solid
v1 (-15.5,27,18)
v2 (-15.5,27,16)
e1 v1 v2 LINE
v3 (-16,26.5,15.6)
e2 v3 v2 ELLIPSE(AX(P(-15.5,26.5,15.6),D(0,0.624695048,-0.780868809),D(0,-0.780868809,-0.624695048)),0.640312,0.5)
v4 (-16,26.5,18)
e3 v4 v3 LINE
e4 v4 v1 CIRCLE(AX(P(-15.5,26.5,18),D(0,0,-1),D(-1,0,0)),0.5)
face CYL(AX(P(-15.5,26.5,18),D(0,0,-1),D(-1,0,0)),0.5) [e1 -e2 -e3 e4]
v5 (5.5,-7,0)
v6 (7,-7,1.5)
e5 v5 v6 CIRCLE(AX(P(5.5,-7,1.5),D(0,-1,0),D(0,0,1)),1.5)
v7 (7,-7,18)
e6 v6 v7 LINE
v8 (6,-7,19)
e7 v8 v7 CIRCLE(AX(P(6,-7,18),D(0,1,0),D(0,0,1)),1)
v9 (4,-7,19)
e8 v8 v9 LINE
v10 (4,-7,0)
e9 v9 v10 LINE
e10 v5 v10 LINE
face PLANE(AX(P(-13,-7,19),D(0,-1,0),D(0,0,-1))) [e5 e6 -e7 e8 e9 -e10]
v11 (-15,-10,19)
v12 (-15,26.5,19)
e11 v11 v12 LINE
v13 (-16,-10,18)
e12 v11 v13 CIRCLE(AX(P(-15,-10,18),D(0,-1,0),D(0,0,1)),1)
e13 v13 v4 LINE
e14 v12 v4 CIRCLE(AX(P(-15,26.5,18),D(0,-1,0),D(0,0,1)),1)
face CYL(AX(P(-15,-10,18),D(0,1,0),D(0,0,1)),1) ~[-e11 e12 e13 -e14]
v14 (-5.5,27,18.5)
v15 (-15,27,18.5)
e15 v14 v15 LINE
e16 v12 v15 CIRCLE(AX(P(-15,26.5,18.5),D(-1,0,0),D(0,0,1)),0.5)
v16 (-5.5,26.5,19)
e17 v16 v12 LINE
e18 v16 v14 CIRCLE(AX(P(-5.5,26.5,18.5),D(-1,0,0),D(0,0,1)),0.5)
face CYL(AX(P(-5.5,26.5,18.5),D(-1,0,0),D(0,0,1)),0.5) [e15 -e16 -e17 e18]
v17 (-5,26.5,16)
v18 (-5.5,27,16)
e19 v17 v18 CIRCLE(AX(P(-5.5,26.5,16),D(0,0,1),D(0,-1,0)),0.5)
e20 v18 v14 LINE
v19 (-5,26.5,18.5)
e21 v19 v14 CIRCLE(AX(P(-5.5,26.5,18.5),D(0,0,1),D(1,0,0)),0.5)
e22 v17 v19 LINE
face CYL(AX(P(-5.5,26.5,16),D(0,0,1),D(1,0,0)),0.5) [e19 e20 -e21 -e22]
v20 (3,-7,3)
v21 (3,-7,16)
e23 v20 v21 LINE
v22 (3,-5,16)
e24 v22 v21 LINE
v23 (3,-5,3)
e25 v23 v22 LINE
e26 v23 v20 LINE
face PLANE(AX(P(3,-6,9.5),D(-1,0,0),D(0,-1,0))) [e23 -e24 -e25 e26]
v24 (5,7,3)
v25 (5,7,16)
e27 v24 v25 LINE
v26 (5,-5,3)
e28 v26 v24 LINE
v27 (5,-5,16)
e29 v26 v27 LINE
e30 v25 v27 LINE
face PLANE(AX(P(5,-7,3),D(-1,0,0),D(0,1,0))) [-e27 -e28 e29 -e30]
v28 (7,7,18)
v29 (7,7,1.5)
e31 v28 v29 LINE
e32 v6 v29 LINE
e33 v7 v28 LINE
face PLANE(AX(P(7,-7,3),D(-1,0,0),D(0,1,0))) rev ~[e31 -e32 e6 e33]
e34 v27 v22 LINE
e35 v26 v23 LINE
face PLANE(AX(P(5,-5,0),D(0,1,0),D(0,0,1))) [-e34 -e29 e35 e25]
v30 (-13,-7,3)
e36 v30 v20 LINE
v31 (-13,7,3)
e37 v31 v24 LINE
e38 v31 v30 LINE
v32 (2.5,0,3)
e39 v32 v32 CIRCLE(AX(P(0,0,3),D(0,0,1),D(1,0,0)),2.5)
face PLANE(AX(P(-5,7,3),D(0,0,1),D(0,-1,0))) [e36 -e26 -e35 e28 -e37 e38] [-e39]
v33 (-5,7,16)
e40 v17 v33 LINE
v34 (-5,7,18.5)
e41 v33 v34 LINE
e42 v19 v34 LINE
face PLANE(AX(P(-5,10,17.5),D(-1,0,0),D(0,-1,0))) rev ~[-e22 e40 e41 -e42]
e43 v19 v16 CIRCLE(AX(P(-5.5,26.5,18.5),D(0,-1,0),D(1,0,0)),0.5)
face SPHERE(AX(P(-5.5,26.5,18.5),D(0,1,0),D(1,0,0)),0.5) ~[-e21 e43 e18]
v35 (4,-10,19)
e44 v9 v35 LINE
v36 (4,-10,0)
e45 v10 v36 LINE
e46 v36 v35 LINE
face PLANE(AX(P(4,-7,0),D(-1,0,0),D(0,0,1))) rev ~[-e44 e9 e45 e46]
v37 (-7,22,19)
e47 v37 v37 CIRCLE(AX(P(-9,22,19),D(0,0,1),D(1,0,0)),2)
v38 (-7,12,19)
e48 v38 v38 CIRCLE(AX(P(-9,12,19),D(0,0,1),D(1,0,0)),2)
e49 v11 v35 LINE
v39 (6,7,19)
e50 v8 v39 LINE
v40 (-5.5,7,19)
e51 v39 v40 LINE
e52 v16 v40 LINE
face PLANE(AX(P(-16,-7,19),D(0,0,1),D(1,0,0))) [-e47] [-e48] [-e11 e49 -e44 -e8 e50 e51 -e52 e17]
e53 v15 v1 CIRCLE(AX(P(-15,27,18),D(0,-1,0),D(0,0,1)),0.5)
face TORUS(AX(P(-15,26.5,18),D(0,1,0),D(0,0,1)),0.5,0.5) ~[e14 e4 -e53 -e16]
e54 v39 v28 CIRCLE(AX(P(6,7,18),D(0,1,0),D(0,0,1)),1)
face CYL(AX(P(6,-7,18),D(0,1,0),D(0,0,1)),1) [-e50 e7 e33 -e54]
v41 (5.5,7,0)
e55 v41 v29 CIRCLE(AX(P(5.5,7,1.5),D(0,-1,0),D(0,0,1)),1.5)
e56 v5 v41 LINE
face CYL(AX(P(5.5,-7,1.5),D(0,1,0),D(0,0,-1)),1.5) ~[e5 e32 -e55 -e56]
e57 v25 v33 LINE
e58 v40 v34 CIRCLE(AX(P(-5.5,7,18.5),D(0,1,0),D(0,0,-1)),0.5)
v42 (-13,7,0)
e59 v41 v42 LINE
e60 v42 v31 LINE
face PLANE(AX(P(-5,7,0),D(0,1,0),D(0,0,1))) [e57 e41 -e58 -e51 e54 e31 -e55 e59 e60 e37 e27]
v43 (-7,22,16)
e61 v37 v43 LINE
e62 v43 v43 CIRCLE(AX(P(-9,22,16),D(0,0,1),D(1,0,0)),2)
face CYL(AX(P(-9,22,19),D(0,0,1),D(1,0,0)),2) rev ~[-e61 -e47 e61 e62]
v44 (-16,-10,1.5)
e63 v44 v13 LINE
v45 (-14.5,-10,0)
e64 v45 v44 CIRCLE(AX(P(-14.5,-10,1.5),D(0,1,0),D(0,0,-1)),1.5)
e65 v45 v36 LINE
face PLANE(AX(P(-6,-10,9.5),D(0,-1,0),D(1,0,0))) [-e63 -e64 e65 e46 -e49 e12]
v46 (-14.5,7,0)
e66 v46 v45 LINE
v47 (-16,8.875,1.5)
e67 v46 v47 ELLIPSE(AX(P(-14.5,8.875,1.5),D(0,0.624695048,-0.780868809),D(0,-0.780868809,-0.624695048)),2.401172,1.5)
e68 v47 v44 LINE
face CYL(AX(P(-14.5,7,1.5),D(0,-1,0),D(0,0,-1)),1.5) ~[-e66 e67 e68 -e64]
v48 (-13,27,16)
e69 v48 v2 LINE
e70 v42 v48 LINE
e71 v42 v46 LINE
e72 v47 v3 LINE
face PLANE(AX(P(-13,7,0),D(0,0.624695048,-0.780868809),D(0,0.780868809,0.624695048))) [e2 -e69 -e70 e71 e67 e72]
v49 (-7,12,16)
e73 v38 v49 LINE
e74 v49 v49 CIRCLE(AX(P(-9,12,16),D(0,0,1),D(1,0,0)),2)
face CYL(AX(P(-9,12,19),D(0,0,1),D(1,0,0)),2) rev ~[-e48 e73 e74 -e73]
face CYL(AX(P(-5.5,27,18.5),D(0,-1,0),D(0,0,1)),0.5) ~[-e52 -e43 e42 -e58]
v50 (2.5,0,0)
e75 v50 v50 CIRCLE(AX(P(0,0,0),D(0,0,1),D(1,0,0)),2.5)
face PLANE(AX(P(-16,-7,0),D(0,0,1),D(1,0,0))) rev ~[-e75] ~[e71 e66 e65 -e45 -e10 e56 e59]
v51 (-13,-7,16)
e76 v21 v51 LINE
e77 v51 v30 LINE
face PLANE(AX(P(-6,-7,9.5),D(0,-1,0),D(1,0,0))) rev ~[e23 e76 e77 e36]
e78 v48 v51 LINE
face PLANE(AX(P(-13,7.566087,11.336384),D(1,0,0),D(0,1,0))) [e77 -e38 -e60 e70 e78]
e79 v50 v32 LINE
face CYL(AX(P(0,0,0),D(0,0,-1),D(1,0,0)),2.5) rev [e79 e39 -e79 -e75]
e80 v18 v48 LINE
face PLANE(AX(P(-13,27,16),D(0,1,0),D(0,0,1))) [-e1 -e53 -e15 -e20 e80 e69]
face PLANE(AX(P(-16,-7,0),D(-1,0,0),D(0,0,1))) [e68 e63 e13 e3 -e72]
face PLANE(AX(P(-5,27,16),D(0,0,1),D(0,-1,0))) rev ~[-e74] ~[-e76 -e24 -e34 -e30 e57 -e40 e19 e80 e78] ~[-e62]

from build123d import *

# Parameters (mm, degrees)
SKETCH_W     = 12
SKETCH_H     = 14
SKETCH_R     = 2.5
PAD_DEPTH    = 3
SKETCH001_W  = 2
SKETCH001_H  = 14
PAD001_DEPTH = 16
SKETCH002_W  = 14
SKETCH002_H  = 3
PAD008_DEPTH = 10
SKETCH004_W  = 14
SKETCH004_H  = 3
PAD004_DEPTH = 8
SKETCH003_W  = 34
SKETCH003_H  = 3
PAD009_DEPTH = 8
SKETCH006_R  = 2
POCKET_DEPTH = 19.001
PAD005_DEPTH = 3
SKETCH008_W  = 20
SKETCH008_H  = 19
PAD006_DEPTH = 3
SKETCH009_W  = 2
SKETCH009_H  = 19
PAD007_DEPTH = 2
FILLET_R     = 1.5
FILLET001_R  = 1.5
FILLET002_R  = 1
FILLET003_R  = 1
FILLET004_R  = 0.5
FILLET005_R  = 0.5


with BuildPart() as part:
    # Sketch → Pad (new body)
    with BuildSketch(Plane.XY):
        with Locations((1, 0)):
            Rectangle(SKETCH_W, SKETCH_H)
        Circle(SKETCH_R, mode=Mode.SUBTRACT)
    extrude(amount=PAD_DEPTH)

    # Sketch001 (on Face7 of Pad) → Pad001 (join)
    with BuildSketch(Plane.XY.offset(3)):
        with Locations((6, 0)):
            Rectangle(SKETCH001_W, SKETCH001_H)
    extrude(amount=PAD001_DEPTH)

    # Sketch002 (on Face10 of Pad001) → Pad008 (join)
    with BuildSketch(Plane(origin=(5, 0, 0), x_dir=(0, -1, 0), z_dir=(-1, 0, 0))):
        with Locations((0, 17.5)):
            Rectangle(SKETCH002_W, SKETCH002_H)
    extrude(amount=PAD008_DEPTH)

    # Sketch004 → Pad004 (join)
    with BuildSketch(Plane(origin=(-5, 0, 0), x_dir=(0, -1, 0), z_dir=(-1, 0, 0))):
        with Locations((0, 1.5)):
            Rectangle(SKETCH004_W, SKETCH004_H)
    extrude(amount=PAD004_DEPTH)

    # Sketch003 → Pad009 (join)
    with BuildSketch(Plane(origin=(-5, 0, 0), x_dir=(0, -1, 0), z_dir=(-1, 0, 0))):
        with Locations((-10, 17.5)):
            Rectangle(SKETCH003_W, SKETCH003_H)
    extrude(amount=PAD009_DEPTH)

    # Sketch006 → Pocket (cut, through all)
    with BuildSketch(Plane.XY.offset(19)):
        with Locations((-9, 22)):
            Circle(SKETCH006_R)
        with Locations((-9, 12)):
            Circle(SKETCH006_R)
    extrude(amount=-POCKET_DEPTH, mode=Mode.SUBTRACT)

    # Sketch007 (on Face26 of Pocket) → Pad005 (join)
    with BuildSketch(Plane(origin=(-13, 0, 0), x_dir=(0, -1, 0), z_dir=(-1, 0, 0))):
        Polygon((-27, 19), (7, 19), (7, 0), (-7, 0), (-27, 16), align=None)
    extrude(amount=PAD005_DEPTH)

    # Sketch008 (on Face10 of Pad005) → Pad006 (join)
    with BuildSketch(Plane.XZ.offset(7)):
        with Locations((-6, 9.5)):
            Rectangle(SKETCH008_W, SKETCH008_H)
    extrude(amount=PAD006_DEPTH)

    # Sketch009 (on Face15 of Pad006) → Pad007 (join)
    with BuildSketch(Plane(origin=(5, 0, 0), x_dir=(0, -1, 0), z_dir=(-1, 0, 0))):
        with Locations((6, 9.5)):
            Rectangle(SKETCH009_W, SKETCH009_H)
    extrude(amount=PAD007_DEPTH)

    # Fillet
    fillet_edges = [part.edges().sort_by_distance(p)[0] for p in [
        (7, 0, 0),
    ]]
    fillet(fillet_edges, radius=FILLET_R)

    # Fillet001
    fillet001_edges = [part.edges().sort_by_distance(p)[0] for p in [
        (-16, 0, 0),
    ]]
    fillet(fillet001_edges, radius=FILLET001_R)

    # Fillet002
    fillet002_edges = [part.edges().sort_by_distance(p)[0] for p in [
        (7, 0, 19),
    ]]
    fillet(fillet002_edges, radius=FILLET002_R)

    # Fillet003
    fillet003_edges = [part.edges().sort_by_distance(p)[0] for p in [
        (-16, 10, 19),
    ]]
    fillet(fillet003_edges, radius=FILLET003_R)

    # Fillet004
    fillet004_edges = [part.edges().sort_by_distance(p)[0] for p in [
        (-5, 17, 19),
    ]]
    fillet(fillet004_edges, radius=FILLET004_R)

    # Fillet005
    fillet005_edges = [part.edges().sort_by_distance(p)[0] for p in [
        (-14, 27, 19),
        (-9.25, 27, 19),
    ]]
    fillet(fillet005_edges, radius=FILLET005_R)


solid = part.part
